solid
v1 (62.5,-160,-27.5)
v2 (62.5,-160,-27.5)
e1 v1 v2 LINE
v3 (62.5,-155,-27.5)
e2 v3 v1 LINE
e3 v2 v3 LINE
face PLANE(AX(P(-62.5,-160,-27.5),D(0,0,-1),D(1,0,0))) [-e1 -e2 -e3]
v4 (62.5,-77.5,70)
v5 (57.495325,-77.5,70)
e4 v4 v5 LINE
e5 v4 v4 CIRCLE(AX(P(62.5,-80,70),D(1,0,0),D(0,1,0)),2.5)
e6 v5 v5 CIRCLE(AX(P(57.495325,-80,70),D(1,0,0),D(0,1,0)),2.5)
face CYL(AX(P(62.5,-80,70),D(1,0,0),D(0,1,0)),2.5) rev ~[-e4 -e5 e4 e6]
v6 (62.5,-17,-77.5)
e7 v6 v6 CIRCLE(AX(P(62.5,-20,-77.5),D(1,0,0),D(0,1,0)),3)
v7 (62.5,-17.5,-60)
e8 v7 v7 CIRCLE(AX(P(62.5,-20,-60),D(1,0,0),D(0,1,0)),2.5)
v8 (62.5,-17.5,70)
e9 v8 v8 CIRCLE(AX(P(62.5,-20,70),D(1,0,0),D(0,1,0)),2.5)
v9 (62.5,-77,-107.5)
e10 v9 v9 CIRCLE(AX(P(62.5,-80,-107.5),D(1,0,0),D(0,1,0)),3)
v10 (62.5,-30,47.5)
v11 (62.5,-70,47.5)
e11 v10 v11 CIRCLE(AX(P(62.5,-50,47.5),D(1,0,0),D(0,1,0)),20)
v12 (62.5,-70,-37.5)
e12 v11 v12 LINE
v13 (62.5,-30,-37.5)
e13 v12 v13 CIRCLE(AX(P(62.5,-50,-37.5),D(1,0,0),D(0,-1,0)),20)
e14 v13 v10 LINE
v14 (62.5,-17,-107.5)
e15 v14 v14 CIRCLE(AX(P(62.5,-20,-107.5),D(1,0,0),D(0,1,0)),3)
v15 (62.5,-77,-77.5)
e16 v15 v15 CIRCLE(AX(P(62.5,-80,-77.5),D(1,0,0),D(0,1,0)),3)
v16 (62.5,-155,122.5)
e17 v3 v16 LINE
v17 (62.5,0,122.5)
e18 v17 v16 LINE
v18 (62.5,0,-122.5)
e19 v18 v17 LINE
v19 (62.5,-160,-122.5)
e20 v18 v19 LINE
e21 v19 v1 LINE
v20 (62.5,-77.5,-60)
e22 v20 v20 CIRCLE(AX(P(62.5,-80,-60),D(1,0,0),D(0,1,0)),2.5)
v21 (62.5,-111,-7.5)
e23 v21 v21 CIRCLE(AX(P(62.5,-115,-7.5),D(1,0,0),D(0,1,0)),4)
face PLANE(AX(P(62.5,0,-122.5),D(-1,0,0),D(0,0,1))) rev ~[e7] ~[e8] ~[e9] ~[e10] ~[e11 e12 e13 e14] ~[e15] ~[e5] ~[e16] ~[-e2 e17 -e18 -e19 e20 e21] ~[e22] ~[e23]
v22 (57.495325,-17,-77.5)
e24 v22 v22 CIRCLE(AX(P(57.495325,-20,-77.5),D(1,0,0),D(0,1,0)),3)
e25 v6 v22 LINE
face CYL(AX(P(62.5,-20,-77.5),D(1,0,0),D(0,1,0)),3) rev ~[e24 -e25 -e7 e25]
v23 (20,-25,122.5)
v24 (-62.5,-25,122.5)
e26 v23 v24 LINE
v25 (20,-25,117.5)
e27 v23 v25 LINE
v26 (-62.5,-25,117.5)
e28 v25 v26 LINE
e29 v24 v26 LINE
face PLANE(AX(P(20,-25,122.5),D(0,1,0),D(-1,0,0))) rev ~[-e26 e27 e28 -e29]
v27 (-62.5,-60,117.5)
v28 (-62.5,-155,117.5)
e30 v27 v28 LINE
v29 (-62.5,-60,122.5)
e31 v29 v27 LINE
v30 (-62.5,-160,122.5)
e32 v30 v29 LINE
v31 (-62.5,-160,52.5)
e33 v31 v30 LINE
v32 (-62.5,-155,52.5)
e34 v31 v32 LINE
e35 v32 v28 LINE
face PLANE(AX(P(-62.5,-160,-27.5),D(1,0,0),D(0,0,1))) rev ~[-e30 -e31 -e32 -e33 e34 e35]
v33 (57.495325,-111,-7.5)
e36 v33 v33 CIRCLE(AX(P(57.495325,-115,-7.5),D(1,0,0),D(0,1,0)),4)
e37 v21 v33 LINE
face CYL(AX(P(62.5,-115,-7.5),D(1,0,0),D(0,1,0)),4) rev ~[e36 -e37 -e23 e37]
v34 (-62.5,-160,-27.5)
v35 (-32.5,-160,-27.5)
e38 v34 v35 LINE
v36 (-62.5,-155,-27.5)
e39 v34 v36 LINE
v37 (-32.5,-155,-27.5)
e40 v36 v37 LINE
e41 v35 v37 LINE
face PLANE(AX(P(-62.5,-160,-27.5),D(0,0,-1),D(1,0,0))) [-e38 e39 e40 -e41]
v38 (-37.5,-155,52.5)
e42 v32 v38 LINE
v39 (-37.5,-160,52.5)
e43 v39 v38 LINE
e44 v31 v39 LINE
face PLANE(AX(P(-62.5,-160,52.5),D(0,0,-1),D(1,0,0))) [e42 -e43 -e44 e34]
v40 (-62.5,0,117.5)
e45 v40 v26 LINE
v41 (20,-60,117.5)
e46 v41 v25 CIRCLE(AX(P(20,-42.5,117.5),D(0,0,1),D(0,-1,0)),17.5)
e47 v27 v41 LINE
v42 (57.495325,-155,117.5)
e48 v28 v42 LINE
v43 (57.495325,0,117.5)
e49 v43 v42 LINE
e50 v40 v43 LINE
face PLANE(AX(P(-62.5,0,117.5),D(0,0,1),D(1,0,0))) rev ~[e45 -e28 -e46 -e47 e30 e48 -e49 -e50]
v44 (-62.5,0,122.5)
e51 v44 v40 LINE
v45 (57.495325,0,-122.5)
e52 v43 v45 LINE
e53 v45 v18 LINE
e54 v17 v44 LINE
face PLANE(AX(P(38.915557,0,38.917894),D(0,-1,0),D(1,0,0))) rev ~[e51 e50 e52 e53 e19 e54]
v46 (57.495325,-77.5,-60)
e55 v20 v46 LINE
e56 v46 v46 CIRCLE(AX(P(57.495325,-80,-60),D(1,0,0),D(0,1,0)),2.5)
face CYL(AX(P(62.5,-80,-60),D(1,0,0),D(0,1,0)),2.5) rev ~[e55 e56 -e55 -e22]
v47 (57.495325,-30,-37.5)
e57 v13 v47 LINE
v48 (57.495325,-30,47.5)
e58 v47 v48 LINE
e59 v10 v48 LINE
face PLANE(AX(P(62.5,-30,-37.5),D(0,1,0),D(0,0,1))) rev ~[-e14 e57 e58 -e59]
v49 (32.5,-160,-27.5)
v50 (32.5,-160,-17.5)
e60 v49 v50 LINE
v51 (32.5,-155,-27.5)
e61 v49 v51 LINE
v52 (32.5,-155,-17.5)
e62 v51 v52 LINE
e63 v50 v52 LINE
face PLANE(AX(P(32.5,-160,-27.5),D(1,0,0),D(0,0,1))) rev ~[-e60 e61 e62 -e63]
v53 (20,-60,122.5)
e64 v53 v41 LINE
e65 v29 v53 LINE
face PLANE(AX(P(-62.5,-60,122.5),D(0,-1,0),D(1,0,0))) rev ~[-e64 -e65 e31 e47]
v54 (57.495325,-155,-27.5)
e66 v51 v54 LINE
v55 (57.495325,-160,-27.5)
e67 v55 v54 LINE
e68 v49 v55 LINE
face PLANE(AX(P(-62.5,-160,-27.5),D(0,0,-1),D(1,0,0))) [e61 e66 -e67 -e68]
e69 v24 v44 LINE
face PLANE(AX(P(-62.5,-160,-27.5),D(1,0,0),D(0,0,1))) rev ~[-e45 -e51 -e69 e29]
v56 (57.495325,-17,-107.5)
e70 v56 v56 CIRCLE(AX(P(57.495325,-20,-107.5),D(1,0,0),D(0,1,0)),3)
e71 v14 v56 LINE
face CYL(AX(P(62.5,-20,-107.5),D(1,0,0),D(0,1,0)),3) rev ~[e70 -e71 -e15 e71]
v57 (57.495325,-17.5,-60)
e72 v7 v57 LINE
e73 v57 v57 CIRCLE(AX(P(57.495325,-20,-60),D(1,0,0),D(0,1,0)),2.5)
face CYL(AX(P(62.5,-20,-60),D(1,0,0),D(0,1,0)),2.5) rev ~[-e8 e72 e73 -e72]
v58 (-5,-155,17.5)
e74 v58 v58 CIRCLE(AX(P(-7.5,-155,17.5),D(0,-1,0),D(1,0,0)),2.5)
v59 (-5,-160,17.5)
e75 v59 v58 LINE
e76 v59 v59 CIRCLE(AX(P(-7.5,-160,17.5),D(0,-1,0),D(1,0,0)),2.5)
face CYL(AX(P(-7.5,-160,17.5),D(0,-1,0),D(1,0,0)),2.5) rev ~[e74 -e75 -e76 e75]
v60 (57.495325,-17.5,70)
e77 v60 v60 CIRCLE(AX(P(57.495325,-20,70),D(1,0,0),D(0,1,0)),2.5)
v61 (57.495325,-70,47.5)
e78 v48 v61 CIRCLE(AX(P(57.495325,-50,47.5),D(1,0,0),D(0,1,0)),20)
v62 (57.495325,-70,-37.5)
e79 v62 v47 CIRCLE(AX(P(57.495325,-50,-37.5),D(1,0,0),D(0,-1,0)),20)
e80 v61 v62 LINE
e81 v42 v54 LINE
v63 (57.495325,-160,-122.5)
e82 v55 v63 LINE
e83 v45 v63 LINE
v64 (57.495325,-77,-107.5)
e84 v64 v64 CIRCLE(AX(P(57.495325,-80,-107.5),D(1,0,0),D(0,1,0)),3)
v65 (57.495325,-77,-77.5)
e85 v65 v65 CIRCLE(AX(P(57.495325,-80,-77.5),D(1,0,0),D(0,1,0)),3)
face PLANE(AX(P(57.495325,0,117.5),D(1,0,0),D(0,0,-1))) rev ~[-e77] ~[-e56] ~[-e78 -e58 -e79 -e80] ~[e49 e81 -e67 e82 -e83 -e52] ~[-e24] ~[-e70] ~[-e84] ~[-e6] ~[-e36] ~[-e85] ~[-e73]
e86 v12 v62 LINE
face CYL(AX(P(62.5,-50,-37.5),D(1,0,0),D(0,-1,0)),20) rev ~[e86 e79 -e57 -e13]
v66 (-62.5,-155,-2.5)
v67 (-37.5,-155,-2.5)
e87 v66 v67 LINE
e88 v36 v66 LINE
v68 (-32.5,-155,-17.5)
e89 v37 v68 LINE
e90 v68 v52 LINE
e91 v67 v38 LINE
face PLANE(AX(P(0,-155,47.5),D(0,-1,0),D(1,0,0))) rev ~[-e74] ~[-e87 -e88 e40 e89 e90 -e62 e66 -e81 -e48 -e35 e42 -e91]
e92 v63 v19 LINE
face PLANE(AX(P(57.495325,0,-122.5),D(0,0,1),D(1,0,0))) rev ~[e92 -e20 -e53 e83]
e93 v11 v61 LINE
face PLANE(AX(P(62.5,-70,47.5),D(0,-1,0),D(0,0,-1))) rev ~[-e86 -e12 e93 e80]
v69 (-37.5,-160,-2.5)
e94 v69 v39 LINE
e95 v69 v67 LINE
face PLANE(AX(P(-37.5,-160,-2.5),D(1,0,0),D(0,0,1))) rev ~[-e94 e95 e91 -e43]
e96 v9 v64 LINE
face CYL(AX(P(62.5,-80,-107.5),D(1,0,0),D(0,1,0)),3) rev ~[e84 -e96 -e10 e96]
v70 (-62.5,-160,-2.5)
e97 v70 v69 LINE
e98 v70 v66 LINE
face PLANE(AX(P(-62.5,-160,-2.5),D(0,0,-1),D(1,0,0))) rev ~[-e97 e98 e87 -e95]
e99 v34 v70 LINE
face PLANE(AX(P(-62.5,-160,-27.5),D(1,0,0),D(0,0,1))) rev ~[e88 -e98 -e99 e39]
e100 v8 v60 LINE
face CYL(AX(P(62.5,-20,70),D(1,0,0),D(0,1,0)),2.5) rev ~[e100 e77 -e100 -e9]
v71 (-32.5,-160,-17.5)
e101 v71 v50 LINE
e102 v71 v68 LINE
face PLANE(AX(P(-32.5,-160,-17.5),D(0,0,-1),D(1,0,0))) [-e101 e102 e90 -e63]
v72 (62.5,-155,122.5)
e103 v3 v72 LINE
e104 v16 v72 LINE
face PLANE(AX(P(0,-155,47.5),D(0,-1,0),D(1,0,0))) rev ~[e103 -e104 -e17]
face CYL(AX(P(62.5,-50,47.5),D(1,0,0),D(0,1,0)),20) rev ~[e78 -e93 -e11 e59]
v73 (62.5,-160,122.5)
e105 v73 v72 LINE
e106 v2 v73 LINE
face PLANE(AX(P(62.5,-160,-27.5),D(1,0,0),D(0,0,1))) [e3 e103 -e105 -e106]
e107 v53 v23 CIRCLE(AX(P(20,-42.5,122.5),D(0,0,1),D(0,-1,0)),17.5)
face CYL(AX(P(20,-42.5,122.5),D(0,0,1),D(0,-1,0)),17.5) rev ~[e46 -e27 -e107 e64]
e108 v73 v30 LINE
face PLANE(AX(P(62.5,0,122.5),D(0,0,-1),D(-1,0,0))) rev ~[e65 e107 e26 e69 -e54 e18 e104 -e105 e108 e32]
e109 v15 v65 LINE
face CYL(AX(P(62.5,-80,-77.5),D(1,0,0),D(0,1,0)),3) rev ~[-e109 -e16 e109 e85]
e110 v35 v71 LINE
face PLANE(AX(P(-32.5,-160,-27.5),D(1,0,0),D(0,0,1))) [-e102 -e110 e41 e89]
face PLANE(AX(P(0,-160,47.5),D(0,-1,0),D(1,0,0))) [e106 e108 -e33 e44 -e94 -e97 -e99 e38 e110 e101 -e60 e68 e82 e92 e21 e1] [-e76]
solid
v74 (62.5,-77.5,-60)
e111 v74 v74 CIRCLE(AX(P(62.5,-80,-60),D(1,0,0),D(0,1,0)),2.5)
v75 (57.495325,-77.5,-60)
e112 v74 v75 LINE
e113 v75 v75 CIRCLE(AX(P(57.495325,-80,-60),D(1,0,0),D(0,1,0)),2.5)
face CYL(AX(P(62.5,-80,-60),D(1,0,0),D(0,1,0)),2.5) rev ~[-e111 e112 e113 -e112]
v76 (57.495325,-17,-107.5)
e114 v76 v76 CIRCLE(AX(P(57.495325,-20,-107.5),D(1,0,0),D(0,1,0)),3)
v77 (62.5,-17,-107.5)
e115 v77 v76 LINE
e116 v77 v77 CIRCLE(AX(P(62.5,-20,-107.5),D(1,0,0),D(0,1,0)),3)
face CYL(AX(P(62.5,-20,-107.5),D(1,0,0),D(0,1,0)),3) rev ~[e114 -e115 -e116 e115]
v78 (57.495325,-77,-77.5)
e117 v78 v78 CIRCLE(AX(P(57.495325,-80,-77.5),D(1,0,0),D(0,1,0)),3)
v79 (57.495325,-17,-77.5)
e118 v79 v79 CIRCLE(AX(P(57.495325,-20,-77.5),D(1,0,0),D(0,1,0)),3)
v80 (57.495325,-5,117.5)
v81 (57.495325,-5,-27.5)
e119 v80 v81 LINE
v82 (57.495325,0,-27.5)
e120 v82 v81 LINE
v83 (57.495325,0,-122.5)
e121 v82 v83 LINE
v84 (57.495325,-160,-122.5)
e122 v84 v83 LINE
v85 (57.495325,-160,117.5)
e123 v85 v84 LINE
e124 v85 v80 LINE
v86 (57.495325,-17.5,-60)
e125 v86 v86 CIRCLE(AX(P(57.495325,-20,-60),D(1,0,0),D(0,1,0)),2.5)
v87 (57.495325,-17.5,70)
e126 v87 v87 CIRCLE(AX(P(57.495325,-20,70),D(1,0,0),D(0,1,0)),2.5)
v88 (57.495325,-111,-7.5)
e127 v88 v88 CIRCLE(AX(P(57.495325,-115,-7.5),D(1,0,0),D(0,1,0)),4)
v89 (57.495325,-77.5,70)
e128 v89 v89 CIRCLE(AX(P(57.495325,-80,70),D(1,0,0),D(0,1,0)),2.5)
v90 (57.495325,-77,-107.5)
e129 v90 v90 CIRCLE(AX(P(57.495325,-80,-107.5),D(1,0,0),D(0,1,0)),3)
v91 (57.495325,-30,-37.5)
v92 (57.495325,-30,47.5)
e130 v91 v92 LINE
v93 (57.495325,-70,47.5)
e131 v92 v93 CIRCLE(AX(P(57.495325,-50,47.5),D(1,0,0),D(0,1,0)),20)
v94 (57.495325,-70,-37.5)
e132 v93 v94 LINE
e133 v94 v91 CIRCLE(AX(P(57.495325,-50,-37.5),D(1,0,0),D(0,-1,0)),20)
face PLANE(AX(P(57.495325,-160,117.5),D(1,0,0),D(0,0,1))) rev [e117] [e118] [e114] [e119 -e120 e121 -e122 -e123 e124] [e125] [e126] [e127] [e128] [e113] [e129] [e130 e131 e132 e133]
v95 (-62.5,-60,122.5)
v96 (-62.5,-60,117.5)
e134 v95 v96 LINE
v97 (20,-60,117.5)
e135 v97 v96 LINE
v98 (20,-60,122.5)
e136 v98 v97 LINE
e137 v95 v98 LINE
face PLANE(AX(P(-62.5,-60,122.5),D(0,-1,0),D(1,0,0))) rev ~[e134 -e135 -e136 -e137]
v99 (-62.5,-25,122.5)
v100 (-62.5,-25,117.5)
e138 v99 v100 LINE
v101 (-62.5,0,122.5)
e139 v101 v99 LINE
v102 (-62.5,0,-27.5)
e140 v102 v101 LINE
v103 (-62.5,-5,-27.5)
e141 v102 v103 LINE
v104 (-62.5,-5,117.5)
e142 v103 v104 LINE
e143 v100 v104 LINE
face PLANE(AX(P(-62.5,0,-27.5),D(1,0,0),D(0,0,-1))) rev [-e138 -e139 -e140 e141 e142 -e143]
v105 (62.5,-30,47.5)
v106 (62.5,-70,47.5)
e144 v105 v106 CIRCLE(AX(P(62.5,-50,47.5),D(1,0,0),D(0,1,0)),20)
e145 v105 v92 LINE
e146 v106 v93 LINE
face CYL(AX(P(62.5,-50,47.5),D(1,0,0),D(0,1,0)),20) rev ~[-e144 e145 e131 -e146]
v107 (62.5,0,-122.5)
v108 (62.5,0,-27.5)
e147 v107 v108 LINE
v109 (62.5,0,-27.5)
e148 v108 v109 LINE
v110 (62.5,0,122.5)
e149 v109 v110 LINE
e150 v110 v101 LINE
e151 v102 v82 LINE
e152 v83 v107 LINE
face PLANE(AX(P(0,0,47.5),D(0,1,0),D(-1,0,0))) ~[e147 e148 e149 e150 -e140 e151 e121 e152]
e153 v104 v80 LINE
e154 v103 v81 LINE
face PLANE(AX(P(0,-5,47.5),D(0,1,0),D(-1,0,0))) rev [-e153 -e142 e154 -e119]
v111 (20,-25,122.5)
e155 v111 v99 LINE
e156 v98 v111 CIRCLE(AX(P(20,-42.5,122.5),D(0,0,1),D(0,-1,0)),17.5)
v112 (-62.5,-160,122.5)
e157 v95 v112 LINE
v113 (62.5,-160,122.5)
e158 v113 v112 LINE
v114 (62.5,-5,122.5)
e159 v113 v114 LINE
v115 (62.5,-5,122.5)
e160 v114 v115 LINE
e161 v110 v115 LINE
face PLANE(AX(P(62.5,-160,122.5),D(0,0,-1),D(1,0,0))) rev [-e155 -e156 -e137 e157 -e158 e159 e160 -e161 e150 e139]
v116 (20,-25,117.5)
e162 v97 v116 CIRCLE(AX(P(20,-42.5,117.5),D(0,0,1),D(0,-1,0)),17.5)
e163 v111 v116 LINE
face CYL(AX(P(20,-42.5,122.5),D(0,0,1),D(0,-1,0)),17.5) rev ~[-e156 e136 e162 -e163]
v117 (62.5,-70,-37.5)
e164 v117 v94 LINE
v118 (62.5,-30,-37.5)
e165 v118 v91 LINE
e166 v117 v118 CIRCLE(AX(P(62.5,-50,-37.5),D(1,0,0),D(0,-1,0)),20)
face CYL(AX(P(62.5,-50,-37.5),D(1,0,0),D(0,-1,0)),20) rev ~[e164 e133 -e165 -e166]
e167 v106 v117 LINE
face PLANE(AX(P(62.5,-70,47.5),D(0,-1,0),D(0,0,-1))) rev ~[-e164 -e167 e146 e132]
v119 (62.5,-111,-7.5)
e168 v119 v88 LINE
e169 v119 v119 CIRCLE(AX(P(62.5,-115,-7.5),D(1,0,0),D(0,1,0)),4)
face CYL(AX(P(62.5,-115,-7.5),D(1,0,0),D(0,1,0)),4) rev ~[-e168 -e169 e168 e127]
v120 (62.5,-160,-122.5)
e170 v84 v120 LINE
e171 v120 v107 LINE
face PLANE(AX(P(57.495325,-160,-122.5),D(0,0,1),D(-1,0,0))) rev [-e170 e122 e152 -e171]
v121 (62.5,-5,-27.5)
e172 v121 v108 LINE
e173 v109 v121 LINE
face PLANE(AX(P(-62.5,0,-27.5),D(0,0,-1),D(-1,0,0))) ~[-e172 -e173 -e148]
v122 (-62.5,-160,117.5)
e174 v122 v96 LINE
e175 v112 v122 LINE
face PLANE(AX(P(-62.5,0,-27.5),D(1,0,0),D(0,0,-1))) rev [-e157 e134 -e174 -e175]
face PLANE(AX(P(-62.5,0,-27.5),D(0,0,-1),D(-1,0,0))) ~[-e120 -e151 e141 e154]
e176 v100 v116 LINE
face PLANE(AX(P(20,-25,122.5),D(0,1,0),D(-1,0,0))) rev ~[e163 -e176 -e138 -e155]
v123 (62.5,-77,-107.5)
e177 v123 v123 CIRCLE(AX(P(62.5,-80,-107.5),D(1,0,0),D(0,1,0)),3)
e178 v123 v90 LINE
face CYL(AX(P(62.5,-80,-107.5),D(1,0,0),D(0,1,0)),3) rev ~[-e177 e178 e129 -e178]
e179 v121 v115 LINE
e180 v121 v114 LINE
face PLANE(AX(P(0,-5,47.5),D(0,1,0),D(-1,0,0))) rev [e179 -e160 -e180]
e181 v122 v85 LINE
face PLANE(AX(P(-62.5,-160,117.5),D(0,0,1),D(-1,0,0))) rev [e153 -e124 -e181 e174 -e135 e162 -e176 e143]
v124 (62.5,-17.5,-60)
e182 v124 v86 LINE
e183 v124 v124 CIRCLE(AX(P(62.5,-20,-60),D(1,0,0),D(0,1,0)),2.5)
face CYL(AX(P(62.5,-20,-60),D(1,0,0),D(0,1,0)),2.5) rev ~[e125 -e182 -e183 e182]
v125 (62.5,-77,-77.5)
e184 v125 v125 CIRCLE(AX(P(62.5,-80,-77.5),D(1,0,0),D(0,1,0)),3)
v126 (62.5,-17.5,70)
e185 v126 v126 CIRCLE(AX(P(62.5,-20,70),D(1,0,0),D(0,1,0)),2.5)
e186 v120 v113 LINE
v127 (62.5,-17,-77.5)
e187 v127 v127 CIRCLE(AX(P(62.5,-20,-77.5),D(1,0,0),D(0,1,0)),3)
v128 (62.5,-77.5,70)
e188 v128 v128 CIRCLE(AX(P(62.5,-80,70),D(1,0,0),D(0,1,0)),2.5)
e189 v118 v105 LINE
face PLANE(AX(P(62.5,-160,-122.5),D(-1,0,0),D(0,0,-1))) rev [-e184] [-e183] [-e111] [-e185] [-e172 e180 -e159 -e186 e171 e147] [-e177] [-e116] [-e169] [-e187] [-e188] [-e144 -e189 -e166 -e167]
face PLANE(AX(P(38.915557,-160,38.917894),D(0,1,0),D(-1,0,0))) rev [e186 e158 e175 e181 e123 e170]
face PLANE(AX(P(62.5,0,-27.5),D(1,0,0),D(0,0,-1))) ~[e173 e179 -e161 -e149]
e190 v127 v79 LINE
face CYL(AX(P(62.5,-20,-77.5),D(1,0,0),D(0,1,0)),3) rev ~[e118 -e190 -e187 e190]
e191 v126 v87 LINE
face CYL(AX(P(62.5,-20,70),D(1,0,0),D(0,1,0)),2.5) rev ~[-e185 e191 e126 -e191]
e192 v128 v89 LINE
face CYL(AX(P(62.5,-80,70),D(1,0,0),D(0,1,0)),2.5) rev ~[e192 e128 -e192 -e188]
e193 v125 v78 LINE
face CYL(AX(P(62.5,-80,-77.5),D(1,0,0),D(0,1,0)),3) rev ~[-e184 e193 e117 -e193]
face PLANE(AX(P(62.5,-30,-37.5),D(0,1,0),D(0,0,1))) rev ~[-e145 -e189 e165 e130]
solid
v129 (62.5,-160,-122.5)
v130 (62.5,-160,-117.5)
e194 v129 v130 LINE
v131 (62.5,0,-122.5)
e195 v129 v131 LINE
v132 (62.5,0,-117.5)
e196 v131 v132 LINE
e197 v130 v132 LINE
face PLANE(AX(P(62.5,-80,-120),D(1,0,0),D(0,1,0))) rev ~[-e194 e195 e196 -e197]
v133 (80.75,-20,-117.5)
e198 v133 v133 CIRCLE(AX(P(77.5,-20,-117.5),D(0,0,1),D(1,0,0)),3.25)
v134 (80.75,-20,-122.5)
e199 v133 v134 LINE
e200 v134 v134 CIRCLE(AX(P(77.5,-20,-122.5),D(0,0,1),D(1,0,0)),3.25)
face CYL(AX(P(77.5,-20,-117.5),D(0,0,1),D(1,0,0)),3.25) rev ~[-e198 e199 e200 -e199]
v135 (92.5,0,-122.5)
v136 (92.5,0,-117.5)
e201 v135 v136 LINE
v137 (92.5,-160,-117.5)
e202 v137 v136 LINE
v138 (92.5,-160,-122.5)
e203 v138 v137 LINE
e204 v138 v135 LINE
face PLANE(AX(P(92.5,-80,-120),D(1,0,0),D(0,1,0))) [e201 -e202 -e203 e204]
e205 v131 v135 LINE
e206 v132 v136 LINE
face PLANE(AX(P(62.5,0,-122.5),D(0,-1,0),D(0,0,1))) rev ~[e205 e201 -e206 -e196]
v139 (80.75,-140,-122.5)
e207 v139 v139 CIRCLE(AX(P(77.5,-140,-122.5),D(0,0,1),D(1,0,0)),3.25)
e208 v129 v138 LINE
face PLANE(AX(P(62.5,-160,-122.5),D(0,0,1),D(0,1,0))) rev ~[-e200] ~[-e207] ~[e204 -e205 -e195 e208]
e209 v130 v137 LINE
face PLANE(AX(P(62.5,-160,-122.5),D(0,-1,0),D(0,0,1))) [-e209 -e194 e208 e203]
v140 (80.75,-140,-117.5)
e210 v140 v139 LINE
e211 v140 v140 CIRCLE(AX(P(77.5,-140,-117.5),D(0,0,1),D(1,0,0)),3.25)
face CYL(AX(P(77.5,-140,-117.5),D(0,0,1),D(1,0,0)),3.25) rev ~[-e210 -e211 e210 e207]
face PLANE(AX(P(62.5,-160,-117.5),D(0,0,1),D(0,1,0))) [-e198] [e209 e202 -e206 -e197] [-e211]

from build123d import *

# Parameters (mm, degrees)
F0_W      = 0.004675
F0_H      = 240
F0_H_2    = 5
F1_DEPTH  = 160
F2_W      = 125
F2_H      = 150
F3_DEPTH  = 5
F7_DEPTH  = 25
F8_W      = 160
F8_H      = 5
F9_DEPTH  = 30
F10_R     = 3.25
F11_DEPTH = 25
F13_DEPTH = 5.004675
F14_R     = 2.5
F15_DEPTH = 5.004675
F16_W     = 25
F16_H     = 55
F17_DEPTH = 5
F18_R     = 2.5
F18_W     = 65
F18_H     = 10
F19_DEPTH = 5
F20_R     = 4
F20_R_2   = 3
F21_DEPTH = 5.004675


with BuildPart() as f1:
    # F0 (on Front) → F1 (new body)
    with BuildSketch(Plane.XZ):
        Polygon((62.495325, 122.5), (-62.5, 122.5), (-62.5, 117.5), (57.495325, 117.5), (57.495325, -122.5), (62.495325, -122.5), (62.495325, 117.5), align=None)
        with Locations((62.497662, -2.5)):
            Rectangle(F0_W, F0_H)
        with Locations((62.497662, 120)):
            Rectangle(F0_W, F0_H_2)
    extrude(amount=F1_DEPTH)

    # F2 (on face) → F3 (join)
    with BuildSketch(Plane.XZ.offset(160)):
        with Locations((0, 47.5)):
            Rectangle(F2_W, F2_H)
    extrude(amount=-F3_DEPTH)


with BuildPart() as f5_1:
    # F5: instance of F1
    add(f1.part.mirror(Plane(origin=(1.483739, -80, 44.470582), x_dir=(1, 0, 0), z_dir=(0, -1, 0))))


with BuildPart() as f7_tool:
    # F6 (on face) → F7 (new body)
    with BuildSketch(Plane.XY.offset(122.5)):
        with BuildLine():
            Line((-62.5, -25), (-62.5, -60))
            Line((-62.5, -60), (20, -60))
            ThreePointArc((20, -60), (37.5, -42.5), (20, -25))
            Line((20, -25), (-62.5, -25))
        make_face()
    extrude(amount=-F7_DEPTH)


with BuildPart() as f1_1:
    add(f1.part)

    # F7: cut by f7_tool
    add(f7_tool.part, mode=Mode.SUBTRACT)


with BuildPart() as f5_1_1:
    add(f5_1.part)

    # F7: cut by f7_tool
    add(f7_tool.part, mode=Mode.SUBTRACT)


with BuildPart() as f9:
    # F8 (on face) → F9 (new body)
    with BuildSketch(Plane.YZ.offset(62.5)):
        with Locations((-80, -120)):
            Rectangle(F8_W, F8_H)
    extrude(amount=F9_DEPTH)

    # F10 (on face) → F11 (cut)
    with BuildSketch(Plane.XY.offset(-117.5)):
        with Locations((77.5, -140)):
            Circle(F10_R)
        with Locations((77.5, -20)):
            Circle(F10_R)
    extrude(amount=-F11_DEPTH, mode=Mode.SUBTRACT)


with BuildPart() as f13_tool:
    # F12 (on face) → F13 (new body, through all)
    with BuildSketch(Plane.YZ.offset(62.5)):
        with BuildLine():
            Line((-30, -37.5), (-30, 47.5))
            ThreePointArc((-30, 47.5), (-50, 67.5), (-70, 47.5))
            Line((-70, 47.5), (-70, -37.5))
            ThreePointArc((-70, -37.5), (-50, -57.5), (-30, -37.5))
        make_face()
    extrude(amount=-F13_DEPTH)


with BuildPart() as f1_2:
    add(f1_1.part)

    # F13: cut by f13_tool
    add(f13_tool.part, mode=Mode.SUBTRACT)


with BuildPart() as f5_1_2:
    add(f5_1_1.part)

    # F13: cut by f13_tool
    add(f13_tool.part, mode=Mode.SUBTRACT)


with BuildPart() as f15_tool:
    # F14 (on face) → F15 (new body, through all)
    with BuildSketch(Plane.YZ.offset(62.5)):
        with Locations((-80, 70)):
            Circle(F14_R)
        with Locations((-20, 70)):
            Circle(F14_R)
        with Locations((-20, -60)):
            Circle(F14_R)
        with Locations((-80, -60)):
            Circle(F14_R)
    extrude(amount=-F15_DEPTH)


with BuildPart() as f1_3:
    add(f1_2.part)

    # F15: cut by f15_tool
    add(f15_tool.part, mode=Mode.SUBTRACT)

    # F16 (on face) → F17 (cut, through all)
    with BuildSketch(Plane.XZ.offset(160)):
        with Locations((-50, 25)):
            Rectangle(F16_W, F16_H)
    extrude(amount=-F17_DEPTH, mode=Mode.SUBTRACT)

    # F18 (on face) → F19 (cut, through all)
    with BuildSketch(Plane.XZ.offset(160)):
        with Locations((-7.5, 17.5)):
            Circle(F18_R)
        with Locations((0, -22.5)):
            Rectangle(F18_W, F18_H)
    extrude(amount=-F19_DEPTH, mode=Mode.SUBTRACT)


with BuildPart() as f5_1_3:
    add(f5_1_2.part)

    # F15: cut by f15_tool
    add(f15_tool.part, mode=Mode.SUBTRACT)


with BuildPart() as f21_tool:
    # F20 (on face) → F21 (new body, through all)
    with BuildSketch(Plane.YZ.offset(62.5)):
        with Locations((-115, -7.5)):
            Circle(F20_R)
        with Locations((-80, -77.5)):
            Circle(F20_R_2)
        with Locations((-20, -77.5)):
            Circle(F20_R_2)
        with Locations((-80, -107.5)):
            Circle(F20_R_2)
        with Locations((-20, -107.5)):
            Circle(F20_R_2)
    extrude(amount=-F21_DEPTH)


with BuildPart() as f1_4:
    add(f1_3.part)

    # F21: cut by f21_tool
    add(f21_tool.part, mode=Mode.SUBTRACT)


with BuildPart() as f5_1_4:
    add(f5_1_3.part)

    # F21: cut by f21_tool
    add(f21_tool.part, mode=Mode.SUBTRACT)


solid = Compound([f9.part, f1_4.part, f5_1_4.part])
